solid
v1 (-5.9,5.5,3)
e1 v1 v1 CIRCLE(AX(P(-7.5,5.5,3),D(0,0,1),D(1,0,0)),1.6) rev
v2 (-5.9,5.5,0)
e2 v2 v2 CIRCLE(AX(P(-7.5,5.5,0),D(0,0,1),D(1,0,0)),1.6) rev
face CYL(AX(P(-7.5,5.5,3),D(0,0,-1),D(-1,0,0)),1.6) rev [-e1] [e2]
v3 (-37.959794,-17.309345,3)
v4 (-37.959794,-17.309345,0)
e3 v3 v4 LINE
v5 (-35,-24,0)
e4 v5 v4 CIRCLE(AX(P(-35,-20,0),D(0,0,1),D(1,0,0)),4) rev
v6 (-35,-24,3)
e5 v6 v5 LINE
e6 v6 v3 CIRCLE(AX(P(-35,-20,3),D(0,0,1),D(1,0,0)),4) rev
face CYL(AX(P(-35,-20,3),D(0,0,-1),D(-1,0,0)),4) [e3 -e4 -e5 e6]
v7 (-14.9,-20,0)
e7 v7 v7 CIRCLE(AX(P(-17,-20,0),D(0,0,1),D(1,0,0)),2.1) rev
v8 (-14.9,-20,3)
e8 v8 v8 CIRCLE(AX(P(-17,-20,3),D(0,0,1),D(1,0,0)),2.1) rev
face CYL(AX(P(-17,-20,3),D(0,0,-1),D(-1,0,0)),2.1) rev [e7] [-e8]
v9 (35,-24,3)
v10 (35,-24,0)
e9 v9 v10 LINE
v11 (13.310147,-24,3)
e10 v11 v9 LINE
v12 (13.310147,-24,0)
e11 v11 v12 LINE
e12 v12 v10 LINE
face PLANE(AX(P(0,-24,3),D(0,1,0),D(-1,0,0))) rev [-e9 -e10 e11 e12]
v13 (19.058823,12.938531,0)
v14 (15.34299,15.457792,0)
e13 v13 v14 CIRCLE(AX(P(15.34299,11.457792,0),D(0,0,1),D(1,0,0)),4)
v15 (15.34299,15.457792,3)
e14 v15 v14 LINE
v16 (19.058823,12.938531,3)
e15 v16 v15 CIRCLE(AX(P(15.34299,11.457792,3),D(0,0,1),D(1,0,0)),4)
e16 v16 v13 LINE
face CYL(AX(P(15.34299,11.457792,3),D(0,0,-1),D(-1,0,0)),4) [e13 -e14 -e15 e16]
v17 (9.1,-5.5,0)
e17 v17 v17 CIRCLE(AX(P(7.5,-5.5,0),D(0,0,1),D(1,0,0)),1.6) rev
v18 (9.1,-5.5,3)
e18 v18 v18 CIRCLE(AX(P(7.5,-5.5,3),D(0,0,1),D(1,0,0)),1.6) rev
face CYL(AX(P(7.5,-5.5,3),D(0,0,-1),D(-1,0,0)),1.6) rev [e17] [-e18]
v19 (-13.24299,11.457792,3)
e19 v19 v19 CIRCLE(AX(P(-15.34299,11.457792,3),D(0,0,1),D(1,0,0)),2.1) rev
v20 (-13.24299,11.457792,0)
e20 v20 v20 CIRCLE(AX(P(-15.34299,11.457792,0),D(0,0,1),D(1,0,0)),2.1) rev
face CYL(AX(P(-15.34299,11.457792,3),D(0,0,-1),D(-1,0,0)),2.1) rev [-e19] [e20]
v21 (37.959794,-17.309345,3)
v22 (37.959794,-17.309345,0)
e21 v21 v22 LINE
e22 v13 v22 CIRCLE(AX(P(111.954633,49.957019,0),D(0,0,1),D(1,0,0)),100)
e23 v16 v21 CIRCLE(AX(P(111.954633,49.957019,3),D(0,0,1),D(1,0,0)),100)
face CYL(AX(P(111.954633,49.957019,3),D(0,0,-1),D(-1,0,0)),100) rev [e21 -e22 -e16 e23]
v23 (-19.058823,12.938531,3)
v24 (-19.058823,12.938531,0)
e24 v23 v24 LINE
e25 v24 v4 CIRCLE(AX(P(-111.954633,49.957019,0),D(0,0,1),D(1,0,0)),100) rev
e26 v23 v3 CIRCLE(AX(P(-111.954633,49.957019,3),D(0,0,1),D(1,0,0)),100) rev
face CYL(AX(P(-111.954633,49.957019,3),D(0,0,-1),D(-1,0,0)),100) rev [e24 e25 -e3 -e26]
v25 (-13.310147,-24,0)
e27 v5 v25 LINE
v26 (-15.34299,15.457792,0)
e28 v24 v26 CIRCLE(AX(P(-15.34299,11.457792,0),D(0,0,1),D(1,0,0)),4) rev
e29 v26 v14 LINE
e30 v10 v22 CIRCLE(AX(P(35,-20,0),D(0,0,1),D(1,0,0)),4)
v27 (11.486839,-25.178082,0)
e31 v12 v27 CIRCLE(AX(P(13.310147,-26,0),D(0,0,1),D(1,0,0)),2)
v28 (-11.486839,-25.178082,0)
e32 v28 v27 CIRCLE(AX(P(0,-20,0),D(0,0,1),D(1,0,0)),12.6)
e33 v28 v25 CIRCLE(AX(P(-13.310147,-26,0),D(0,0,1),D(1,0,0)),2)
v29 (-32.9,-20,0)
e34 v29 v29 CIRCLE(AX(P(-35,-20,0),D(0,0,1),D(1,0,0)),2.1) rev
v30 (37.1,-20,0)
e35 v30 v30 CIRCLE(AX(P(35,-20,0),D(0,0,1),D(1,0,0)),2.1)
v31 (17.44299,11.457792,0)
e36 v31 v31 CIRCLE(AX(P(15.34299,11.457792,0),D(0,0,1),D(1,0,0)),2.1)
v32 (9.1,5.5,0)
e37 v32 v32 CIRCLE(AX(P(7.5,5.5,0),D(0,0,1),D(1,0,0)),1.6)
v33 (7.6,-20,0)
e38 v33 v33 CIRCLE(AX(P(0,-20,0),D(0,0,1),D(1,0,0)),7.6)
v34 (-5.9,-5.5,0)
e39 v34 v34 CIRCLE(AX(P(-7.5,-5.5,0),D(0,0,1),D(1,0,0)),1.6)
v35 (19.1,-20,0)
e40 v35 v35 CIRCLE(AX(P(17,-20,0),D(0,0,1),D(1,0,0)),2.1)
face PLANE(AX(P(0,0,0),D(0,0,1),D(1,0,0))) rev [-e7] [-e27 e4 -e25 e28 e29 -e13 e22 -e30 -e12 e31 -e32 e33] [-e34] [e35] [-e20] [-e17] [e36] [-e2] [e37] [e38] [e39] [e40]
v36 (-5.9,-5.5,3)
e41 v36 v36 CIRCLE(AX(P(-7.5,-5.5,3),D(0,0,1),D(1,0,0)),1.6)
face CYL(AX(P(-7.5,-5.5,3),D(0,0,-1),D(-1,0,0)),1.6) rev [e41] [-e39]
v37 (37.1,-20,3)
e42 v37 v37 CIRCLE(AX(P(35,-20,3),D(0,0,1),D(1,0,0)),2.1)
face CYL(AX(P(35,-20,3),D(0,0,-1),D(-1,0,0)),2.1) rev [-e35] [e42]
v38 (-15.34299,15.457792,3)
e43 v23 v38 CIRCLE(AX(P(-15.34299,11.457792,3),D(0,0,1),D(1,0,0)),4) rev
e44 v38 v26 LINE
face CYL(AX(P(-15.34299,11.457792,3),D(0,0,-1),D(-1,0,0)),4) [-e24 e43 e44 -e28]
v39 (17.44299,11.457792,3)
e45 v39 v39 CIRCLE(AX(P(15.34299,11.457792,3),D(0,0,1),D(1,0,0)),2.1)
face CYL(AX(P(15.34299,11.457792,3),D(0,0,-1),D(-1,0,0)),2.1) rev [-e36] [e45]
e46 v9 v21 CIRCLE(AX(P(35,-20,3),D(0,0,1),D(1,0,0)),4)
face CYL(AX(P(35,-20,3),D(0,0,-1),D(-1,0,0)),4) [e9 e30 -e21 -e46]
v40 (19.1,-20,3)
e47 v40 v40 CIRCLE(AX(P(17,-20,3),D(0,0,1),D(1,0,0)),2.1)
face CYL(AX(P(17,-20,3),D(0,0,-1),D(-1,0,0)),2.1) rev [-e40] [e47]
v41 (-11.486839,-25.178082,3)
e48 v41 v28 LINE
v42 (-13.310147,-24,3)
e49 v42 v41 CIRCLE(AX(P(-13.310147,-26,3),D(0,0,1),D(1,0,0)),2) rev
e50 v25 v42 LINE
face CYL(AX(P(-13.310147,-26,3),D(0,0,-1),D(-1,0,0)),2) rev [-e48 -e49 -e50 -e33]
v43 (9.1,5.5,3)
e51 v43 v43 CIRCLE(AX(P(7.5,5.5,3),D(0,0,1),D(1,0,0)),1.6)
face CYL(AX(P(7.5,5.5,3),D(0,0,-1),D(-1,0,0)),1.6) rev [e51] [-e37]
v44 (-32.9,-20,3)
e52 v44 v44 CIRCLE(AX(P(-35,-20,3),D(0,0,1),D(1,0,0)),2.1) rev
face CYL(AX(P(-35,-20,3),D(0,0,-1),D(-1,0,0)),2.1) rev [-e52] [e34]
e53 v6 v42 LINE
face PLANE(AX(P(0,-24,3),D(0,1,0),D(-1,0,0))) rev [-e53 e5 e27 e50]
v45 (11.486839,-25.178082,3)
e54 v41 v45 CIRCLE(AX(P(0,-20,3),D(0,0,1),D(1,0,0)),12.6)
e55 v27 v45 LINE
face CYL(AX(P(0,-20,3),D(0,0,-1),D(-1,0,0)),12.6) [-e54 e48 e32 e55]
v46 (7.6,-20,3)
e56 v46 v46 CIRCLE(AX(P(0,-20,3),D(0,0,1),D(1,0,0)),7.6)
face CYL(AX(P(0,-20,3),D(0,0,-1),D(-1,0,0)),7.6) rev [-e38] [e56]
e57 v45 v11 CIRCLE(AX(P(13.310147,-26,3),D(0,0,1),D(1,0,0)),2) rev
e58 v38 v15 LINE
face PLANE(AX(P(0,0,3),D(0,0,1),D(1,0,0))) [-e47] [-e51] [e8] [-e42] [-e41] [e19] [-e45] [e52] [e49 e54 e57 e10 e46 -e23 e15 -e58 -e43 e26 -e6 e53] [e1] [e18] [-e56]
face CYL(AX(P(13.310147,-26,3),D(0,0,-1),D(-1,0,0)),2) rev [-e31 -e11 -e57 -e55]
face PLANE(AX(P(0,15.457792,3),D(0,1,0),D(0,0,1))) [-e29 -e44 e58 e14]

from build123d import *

# Parameters (mm, degrees)
SKETCH_1_R      = 7.6
SKETCH_1_R_2    = 2.1
SKETCH_1_R_3    = 1.6
EXTRUDE_1_DEPTH = 3
FILLET_2_R      = 2


with BuildPart() as part:
    # ｽｹｯﾁ1 → ﾎﾞｽ - 押し出し1 (new body)
    with BuildSketch(Plane.XY):
        with BuildLine():
            ThreePointArc((-37.95979357, -17.309345429), (-38.658047176, -21.61823696), (-35, -24))
            Line((-35, -24), (-11.948221625, -24))
            ThreePointArc((-11.948221625, -24), (0, -32.6), (11.948221625, -24))
            Line((11.948221625, -24), (35, -24))
            ThreePointArc((35, -24), (38.658047176, -21.61823696), (37.95979357, -17.309345429))
            ThreePointArc((37.95979357, -17.309345429), (27.149823207, -3.034907568), (19.058822549, 12.938531129))
            ThreePointArc((19.058822549, 12.938531129), (17.587655142, 14.768604061), (15.342990138, 15.45779162))
            Line((15.342990138, 15.45779162), (-15.342990138, 15.45779162))
            ThreePointArc((-15.342990138, 15.45779162), (-17.587655142, 14.768604061), (-19.058822549, 12.938531129))
            ThreePointArc((-19.058822549, 12.938531129), (-27.149823207, -3.034907568), (-37.95979357, -17.309345429))
        make_face()
        with Locations((0, -20)):
            Circle(SKETCH_1_R, mode=Mode.SUBTRACT)
        with Locations((-35, -20)):
            Circle(SKETCH_1_R_2, mode=Mode.SUBTRACT)
        with Locations((-17, -20)):
            Circle(SKETCH_1_R_2, mode=Mode.SUBTRACT)
        with Locations((-7.5, -5.5)):
            Circle(SKETCH_1_R_3, mode=Mode.SUBTRACT)
        with Locations((17, -20)):
            Circle(SKETCH_1_R_2, mode=Mode.SUBTRACT)
        with Locations((35, -20)):
            Circle(SKETCH_1_R_2, mode=Mode.SUBTRACT)
        with Locations((7.5, -5.5)):
            Circle(SKETCH_1_R_3, mode=Mode.SUBTRACT)
        with Locations((-7.5, 5.5)):
            Circle(SKETCH_1_R_3, mode=Mode.SUBTRACT)
        with Locations((-15.342990138, 11.45779162)):
            Circle(SKETCH_1_R_2, mode=Mode.SUBTRACT)
        with Locations((7.5, 5.5)):
            Circle(SKETCH_1_R_3, mode=Mode.SUBTRACT)
        with Locations((15.342990138, 11.45779162)):
            Circle(SKETCH_1_R_2, mode=Mode.SUBTRACT)
    extrude(amount=EXTRUDE_1_DEPTH)

    # ﾌｨﾚｯﾄ2
    fillet_2_edges = [part.edges().sort_by_distance(p)[0] for p in [
        (-11.948221625, -24, 1.5),
        (11.948221625, -24, 1.5),
    ]]
    fillet(fillet_2_edges, radius=FILLET_2_R)


solid = part.part
